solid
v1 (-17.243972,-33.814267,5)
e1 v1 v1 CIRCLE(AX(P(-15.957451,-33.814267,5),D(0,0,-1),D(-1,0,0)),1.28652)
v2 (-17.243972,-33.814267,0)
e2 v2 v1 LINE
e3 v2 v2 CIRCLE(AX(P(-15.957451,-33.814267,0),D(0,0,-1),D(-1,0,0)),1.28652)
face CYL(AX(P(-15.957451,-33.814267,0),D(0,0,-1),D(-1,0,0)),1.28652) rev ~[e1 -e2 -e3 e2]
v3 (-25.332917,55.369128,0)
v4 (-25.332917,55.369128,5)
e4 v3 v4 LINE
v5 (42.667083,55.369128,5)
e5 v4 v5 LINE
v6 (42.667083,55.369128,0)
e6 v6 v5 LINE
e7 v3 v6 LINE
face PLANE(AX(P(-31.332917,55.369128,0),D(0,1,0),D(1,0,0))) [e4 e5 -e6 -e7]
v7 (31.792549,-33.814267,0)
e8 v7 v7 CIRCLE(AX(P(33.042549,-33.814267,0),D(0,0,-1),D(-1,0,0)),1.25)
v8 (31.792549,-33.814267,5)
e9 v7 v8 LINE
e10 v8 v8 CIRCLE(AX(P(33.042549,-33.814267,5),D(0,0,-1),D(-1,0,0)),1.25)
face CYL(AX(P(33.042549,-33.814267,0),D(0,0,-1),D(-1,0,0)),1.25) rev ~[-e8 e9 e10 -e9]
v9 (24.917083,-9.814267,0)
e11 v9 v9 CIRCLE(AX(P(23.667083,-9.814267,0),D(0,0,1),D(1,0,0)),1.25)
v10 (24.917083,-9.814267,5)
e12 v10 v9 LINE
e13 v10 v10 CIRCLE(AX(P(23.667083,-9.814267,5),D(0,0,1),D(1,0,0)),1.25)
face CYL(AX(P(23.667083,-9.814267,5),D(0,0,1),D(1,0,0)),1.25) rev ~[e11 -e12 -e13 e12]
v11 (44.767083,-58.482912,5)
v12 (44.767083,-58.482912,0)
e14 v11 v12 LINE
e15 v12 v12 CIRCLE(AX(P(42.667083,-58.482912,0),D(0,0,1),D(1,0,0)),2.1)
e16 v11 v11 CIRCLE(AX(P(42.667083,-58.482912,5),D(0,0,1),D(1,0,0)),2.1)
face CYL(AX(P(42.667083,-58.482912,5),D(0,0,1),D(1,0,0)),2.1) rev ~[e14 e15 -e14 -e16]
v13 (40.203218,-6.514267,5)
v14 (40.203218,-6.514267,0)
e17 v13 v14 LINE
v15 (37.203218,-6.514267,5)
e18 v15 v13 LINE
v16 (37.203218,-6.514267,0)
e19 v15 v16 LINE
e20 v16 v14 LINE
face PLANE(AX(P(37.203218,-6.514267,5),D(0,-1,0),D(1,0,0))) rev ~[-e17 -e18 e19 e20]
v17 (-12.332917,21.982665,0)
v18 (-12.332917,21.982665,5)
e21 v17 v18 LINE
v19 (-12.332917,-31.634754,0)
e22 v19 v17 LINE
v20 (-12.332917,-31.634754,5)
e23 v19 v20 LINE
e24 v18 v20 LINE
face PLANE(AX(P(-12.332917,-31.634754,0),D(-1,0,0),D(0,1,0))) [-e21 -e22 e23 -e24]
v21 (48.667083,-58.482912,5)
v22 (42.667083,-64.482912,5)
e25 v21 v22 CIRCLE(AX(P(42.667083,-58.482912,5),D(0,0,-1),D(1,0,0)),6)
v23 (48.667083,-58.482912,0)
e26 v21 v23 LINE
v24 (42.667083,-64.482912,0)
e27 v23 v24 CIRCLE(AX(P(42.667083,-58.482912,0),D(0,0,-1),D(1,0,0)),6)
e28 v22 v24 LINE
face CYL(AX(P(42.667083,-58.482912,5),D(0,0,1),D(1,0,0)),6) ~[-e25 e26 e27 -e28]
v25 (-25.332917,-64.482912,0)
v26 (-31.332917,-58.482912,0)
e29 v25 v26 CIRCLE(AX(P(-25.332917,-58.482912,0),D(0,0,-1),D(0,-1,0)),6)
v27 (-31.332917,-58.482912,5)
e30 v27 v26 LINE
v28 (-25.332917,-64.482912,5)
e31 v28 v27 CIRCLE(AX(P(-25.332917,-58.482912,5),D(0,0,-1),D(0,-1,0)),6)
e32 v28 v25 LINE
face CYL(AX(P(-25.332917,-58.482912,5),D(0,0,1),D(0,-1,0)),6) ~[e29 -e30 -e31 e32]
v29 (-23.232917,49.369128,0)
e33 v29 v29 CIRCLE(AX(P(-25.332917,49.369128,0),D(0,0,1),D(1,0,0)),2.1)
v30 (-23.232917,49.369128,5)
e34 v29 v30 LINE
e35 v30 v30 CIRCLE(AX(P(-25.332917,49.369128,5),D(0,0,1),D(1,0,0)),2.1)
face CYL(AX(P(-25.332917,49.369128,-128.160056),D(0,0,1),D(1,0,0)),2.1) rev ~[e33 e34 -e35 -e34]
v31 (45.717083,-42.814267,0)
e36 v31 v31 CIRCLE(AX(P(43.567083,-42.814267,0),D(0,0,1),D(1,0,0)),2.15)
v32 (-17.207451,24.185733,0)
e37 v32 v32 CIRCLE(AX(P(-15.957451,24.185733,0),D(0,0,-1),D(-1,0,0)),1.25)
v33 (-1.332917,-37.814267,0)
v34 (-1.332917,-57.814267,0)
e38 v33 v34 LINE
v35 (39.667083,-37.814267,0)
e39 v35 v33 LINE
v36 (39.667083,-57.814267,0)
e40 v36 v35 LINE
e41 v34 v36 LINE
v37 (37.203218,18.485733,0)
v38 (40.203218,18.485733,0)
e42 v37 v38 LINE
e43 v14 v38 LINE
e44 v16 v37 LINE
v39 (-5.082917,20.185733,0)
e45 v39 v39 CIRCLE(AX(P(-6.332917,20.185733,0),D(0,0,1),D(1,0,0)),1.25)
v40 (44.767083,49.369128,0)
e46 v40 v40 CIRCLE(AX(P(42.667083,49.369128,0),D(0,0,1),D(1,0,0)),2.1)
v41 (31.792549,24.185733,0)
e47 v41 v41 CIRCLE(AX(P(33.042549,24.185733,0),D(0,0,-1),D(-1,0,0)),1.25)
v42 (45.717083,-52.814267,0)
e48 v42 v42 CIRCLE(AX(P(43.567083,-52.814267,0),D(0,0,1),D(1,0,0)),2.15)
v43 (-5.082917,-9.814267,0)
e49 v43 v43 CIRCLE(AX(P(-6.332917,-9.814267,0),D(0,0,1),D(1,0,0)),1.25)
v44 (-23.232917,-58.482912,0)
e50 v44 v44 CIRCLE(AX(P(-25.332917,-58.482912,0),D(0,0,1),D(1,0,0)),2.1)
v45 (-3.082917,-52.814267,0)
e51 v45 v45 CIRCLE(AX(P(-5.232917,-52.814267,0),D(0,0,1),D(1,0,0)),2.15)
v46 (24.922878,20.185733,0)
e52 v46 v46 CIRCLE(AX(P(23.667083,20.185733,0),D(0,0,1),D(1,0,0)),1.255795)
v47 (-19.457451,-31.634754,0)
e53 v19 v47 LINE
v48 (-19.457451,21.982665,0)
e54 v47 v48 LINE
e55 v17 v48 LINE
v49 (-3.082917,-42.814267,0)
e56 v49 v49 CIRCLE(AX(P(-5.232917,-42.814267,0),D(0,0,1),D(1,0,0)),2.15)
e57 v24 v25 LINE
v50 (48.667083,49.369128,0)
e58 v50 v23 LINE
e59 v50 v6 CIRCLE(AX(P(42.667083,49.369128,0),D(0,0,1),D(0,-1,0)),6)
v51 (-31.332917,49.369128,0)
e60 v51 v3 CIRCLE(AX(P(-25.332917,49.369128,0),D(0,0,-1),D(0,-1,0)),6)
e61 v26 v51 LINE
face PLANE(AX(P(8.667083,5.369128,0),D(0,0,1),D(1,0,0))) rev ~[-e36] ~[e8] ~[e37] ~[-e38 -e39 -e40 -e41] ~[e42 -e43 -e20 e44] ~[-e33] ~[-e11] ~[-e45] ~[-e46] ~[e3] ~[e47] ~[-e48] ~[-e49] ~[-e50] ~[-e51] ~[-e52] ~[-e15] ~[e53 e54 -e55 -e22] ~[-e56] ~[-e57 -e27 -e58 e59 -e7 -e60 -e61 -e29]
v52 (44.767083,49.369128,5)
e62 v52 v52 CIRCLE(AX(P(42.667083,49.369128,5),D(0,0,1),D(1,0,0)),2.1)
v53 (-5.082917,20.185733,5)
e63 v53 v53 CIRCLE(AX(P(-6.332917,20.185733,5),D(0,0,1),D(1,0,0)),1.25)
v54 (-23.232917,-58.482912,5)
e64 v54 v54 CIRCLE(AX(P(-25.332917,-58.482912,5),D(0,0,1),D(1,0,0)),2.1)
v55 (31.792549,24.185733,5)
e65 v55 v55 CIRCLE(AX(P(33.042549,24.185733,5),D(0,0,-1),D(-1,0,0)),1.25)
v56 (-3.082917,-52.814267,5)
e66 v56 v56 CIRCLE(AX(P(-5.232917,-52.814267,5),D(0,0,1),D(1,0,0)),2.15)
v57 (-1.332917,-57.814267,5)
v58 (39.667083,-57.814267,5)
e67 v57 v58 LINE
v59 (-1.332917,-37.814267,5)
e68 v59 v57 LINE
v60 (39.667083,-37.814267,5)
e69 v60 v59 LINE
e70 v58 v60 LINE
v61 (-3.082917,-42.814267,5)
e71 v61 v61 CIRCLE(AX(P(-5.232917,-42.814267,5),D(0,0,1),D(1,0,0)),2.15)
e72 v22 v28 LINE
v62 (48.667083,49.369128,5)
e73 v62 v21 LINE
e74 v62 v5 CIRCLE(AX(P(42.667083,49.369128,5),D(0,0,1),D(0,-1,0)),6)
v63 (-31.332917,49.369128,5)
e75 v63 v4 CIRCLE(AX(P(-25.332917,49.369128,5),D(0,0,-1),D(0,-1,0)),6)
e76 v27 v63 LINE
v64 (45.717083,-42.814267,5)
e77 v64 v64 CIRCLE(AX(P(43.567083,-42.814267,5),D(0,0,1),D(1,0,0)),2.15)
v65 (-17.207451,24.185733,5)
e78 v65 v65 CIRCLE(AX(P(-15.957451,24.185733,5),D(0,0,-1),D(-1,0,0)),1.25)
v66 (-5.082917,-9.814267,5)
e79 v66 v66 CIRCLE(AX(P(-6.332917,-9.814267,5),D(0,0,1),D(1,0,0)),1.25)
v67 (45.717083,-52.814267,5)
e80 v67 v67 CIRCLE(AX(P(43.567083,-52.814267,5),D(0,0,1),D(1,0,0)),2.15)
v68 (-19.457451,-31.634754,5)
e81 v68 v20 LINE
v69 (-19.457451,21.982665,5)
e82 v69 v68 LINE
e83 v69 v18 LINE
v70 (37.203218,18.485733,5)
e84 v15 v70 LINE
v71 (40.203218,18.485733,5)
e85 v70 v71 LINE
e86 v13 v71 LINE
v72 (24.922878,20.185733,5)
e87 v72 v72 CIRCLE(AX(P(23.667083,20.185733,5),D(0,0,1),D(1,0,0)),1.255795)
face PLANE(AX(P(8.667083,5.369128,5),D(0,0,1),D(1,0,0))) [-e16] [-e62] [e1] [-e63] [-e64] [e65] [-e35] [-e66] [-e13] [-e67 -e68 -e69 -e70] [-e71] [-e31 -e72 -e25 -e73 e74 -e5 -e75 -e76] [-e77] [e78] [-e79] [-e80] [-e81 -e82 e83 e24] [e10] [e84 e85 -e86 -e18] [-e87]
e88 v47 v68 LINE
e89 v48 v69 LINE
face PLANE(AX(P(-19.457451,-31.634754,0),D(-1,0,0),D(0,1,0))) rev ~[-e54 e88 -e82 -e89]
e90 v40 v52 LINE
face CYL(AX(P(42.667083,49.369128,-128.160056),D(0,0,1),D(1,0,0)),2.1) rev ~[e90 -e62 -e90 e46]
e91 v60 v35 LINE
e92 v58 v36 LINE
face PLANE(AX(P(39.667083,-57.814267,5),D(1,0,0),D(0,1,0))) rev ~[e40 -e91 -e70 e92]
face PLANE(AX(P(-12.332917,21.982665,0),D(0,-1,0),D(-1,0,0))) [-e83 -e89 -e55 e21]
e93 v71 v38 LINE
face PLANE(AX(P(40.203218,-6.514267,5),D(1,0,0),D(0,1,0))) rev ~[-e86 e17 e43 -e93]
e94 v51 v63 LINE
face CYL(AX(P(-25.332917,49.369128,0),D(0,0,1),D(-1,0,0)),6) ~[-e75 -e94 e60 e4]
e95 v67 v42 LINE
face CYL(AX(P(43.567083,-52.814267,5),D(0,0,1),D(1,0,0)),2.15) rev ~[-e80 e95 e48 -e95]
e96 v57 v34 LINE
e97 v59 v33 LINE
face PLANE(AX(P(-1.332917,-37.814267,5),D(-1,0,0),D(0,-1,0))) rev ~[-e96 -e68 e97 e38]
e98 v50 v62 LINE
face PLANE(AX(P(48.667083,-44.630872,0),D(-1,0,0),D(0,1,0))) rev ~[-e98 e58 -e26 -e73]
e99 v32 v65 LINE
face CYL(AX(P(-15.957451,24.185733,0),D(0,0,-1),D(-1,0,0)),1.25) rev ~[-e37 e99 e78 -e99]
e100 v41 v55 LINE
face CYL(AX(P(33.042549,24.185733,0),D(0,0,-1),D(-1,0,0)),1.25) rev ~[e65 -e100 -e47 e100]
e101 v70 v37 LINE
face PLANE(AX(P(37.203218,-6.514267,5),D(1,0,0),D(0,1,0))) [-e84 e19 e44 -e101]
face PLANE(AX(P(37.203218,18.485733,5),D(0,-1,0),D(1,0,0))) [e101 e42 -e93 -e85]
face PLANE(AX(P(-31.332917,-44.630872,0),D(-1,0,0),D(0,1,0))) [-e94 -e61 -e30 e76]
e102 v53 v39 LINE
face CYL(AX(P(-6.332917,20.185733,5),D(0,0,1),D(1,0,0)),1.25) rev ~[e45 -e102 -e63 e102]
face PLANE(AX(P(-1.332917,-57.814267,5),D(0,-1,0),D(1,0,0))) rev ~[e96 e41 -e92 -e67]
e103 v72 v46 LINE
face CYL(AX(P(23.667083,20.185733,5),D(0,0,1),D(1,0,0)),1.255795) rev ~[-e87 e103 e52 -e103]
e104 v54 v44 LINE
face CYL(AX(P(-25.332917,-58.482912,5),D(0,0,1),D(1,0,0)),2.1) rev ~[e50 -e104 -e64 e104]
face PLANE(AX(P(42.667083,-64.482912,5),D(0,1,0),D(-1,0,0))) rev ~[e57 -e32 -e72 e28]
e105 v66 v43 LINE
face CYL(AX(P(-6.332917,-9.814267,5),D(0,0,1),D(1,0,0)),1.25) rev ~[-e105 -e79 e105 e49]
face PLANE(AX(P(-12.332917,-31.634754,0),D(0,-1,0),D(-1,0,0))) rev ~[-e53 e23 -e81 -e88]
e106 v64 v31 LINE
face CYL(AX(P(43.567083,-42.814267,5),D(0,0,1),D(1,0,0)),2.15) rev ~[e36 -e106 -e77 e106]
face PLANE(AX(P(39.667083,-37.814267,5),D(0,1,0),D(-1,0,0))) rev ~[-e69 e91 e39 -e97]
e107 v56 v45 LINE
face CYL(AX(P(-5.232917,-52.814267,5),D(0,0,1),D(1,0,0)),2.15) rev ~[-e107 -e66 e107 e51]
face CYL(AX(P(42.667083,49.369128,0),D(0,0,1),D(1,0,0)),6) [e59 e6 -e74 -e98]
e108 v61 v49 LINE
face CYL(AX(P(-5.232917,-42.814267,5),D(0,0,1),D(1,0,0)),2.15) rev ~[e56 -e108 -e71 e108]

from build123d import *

# Parameters (mm, degrees)
IZIM1_W                              = 80
IZIM1_H                              = 100
Y_KSEKLIK_EKSTR_ZYON1_DEPTH          = 5
IZIM2_R                              = 1.25
IZIM2_R_2                            = 1.286520495
KES_EKSTR_ZYON1_DEPTH                = 10
M4_HELISARMAL_I_IN_Z_VANA_MATKAB_1_D = 4.2
RADYUS1_R                            = 6
RADYUS2_R                            = 6
RADYUS3_R                            = 6
RADYUS4_R                            = 6
IZIM4_W                              = 3
IZIM4_H                              = 25
IZIM4_R                              = 1.25
IZIM4_R_2                            = 1.255794896
KES_EKSTR_ZYON2_DEPTH                = 50
IZIM5_W                              = 7.124534101
IZIM5_H                              = 53.617419338
KES_EKSTR_ZYON3_DEPTH                = 50
IZIM6_R                              = 2.6
IZIM6_R_2                            = 2.15
IZIM6_R_3                            = 2.1
Y_KSEKLIK_EKSTR_ZYON2_DEPTH          = 5
IZIM7_R                              = 2.15
KES_EKSTR_ZYON4_DEPTH                = 5
KES_EKSTR_ZYON5_DEPTH                = 5


with BuildPart() as part:
    # Çizim1 → Yükseklik-Ekstrüzyon1 (new body)
    with BuildSketch(Plane.XY):
        with Locations((8.667082878, 5.369127517)):
            Rectangle(IZIM1_W, IZIM1_H)
    extrude(amount=Y_KSEKLIK_EKSTR_ZYON1_DEPTH)

    # Çizim2 → Kes-Ekstrüzyon1 (cut)
    with BuildSketch(Plane(origin=(0, 0, 0), x_dir=(-1, 0, 0), z_dir=(0, 0, -1))):
        with Locations((15.957451223, 24.185733017)):
            Circle(IZIM2_R)
        with Locations((-33.042548777, 24.185733017)):
            Circle(IZIM2_R)
        with Locations((-33.042548777, -33.814266983)):
            Circle(IZIM2_R)
        with Locations((15.957451223, -33.814266983)):
            Circle(IZIM2_R_2)
    extrude(amount=-KES_EKSTR_ZYON1_DEPTH, mode=Mode.SUBTRACT)

    # M4 Helisarmal için Zıvana matkabı1 (through all)
    with Locations(Plane(origin=(-25.332917122, -38.630872483, 0), x_dir=(-1, 0, 0), z_dir=(0, 0, -1))):
        with Locations((0, 0), (-68, 0), (0, 88), (-68, 88)):
            Hole(M4_HELISARMAL_I_IN_Z_VANA_MATKAB_1_D / 2)

    # Radyus1
    radyus1_edges = [part.edges().sort_by_distance(p)[0] for p in [
        (-31.332917122, 55.369127517, 2.5),
    ]]
    fillet(radyus1_edges, radius=RADYUS1_R)

    # Radyus2
    radyus2_edges = [part.edges().sort_by_distance(p)[0] for p in [
        (-31.332917122, -44.630872483, 2.5),
    ]]
    fillet(radyus2_edges, radius=RADYUS2_R)

    # Radyus3
    radyus3_edges = [part.edges().sort_by_distance(p)[0] for p in [
        (48.667082878, -44.630872483, 2.5),
    ]]
    fillet(radyus3_edges, radius=RADYUS3_R)

    # Radyus4
    radyus4_edges = [part.edges().sort_by_distance(p)[0] for p in [
        (48.667082878, 55.369127517, 2.5),
    ]]
    fillet(radyus4_edges, radius=RADYUS4_R)

    # Çizim4 → Kes-Ekstrüzyon2 (cut)
    with BuildSketch(Plane.XY.offset(5)):
        with Locations((38.703217921, 5.985733017)):
            Rectangle(IZIM4_W, IZIM4_H)
        with Locations((23.667082878, -9.814266983)):
            Circle(IZIM4_R)
        with Locations((23.667082878, 20.185733017)):
            Circle(IZIM4_R_2)
        with Locations((-6.332917122, 20.185733017)):
            Circle(IZIM4_R)
        with Locations((-6.332917122, -9.814266983)):
            Circle(IZIM4_R)
    extrude(amount=-KES_EKSTR_ZYON2_DEPTH, mode=Mode.SUBTRACT)

    # Çizim5 → Kes-Ekstrüzyon3 (cut)
    with BuildSketch(Plane(origin=(0, 0, 0), x_dir=(-1, 0, 0), z_dir=(0, 0, -1))):
        with Locations((15.895184173, -4.826044253)):
            Rectangle(IZIM5_W, IZIM5_H)
    extrude(amount=-KES_EKSTR_ZYON3_DEPTH, mode=Mode.SUBTRACT)

    # Çizim6 → Yükseklik-Ekstrüzyon2 (add)
    # profile 1 of 3: a face of its own
    with BuildSketch(Plane.XY.offset(5)):
        with Locations((-25.332917122, -38.630872483)):
            Circle(IZIM6_R)
    # profile 2 of 3: a face of its own
    with BuildSketch(Plane.XY.offset(5)):
        with Locations((42.667082878, -38.630872483)):
            Circle(IZIM6_R)
    # profile 3 of 3: a face of its own
    with BuildSketch(Plane.XY.offset(5)):
        with BuildLine():
            Line((-31.332917122, -38.630872483), (48.667082878, -38.630872483))
            Line((48.667082878, -38.630872483), (48.667082878, -58.482911504))
            ThreePointArc((48.667082878, -58.482911504), (46.909723565, -62.725552191), (42.667082878, -64.482911504))
            Line((42.667082878, -64.482911504), (-25.332917122, -64.482911504))
            ThreePointArc((-25.332917122, -64.482911504), (-29.575557809, -62.725552191), (-31.332917122, -58.482911504))
            Line((-31.332917122, -58.482911504), (-31.332917122, -38.630872483))
        make_face()
        with Locations((-5.232917122, -52.814266983)):
            Circle(IZIM6_R_2, mode=Mode.SUBTRACT)
        with Locations((-5.232917122, -42.814266983)):
            Circle(IZIM6_R_2, mode=Mode.SUBTRACT)
        with Locations((43.567082878, -42.814266983)):
            Circle(IZIM6_R_2, mode=Mode.SUBTRACT)
        with Locations((43.567082878, -52.814266983)):
            Circle(IZIM6_R_2, mode=Mode.SUBTRACT)
        with Locations((-25.332917122, -58.482911504)):
            Circle(IZIM6_R_3, mode=Mode.SUBTRACT)
        with Locations((42.667082878, -58.482911504)):
            Circle(IZIM6_R_3, mode=Mode.SUBTRACT)
    extrude(amount=-Y_KSEKLIK_EKSTR_ZYON2_DEPTH)

    # Çizim7 → Kes-Ekstrüzyon4 (cut)
    with BuildSketch(Plane.XY.offset(5)):
        with Locations((43.567082878, -42.814266983)):
            Circle(IZIM7_R)
        with Locations((-5.232917122, -42.814266983)):
            Circle(IZIM7_R)
    extrude(amount=-KES_EKSTR_ZYON4_DEPTH, mode=Mode.SUBTRACT)

    # Çizim8 → Kes-Ekstrüzyon5 (cut)
    with BuildSketch(Plane.XY.offset(5)):
        Polygon((-1.332917122, -37.814266983), (-1.332917122, -38.614266983), (-1.332917122, -57.814266983), (39.667082878, -57.814266983), (39.667082878, -37.814266983), align=None)
    extrude(amount=-KES_EKSTR_ZYON5_DEPTH, mode=Mode.SUBTRACT)


solid = part.part
